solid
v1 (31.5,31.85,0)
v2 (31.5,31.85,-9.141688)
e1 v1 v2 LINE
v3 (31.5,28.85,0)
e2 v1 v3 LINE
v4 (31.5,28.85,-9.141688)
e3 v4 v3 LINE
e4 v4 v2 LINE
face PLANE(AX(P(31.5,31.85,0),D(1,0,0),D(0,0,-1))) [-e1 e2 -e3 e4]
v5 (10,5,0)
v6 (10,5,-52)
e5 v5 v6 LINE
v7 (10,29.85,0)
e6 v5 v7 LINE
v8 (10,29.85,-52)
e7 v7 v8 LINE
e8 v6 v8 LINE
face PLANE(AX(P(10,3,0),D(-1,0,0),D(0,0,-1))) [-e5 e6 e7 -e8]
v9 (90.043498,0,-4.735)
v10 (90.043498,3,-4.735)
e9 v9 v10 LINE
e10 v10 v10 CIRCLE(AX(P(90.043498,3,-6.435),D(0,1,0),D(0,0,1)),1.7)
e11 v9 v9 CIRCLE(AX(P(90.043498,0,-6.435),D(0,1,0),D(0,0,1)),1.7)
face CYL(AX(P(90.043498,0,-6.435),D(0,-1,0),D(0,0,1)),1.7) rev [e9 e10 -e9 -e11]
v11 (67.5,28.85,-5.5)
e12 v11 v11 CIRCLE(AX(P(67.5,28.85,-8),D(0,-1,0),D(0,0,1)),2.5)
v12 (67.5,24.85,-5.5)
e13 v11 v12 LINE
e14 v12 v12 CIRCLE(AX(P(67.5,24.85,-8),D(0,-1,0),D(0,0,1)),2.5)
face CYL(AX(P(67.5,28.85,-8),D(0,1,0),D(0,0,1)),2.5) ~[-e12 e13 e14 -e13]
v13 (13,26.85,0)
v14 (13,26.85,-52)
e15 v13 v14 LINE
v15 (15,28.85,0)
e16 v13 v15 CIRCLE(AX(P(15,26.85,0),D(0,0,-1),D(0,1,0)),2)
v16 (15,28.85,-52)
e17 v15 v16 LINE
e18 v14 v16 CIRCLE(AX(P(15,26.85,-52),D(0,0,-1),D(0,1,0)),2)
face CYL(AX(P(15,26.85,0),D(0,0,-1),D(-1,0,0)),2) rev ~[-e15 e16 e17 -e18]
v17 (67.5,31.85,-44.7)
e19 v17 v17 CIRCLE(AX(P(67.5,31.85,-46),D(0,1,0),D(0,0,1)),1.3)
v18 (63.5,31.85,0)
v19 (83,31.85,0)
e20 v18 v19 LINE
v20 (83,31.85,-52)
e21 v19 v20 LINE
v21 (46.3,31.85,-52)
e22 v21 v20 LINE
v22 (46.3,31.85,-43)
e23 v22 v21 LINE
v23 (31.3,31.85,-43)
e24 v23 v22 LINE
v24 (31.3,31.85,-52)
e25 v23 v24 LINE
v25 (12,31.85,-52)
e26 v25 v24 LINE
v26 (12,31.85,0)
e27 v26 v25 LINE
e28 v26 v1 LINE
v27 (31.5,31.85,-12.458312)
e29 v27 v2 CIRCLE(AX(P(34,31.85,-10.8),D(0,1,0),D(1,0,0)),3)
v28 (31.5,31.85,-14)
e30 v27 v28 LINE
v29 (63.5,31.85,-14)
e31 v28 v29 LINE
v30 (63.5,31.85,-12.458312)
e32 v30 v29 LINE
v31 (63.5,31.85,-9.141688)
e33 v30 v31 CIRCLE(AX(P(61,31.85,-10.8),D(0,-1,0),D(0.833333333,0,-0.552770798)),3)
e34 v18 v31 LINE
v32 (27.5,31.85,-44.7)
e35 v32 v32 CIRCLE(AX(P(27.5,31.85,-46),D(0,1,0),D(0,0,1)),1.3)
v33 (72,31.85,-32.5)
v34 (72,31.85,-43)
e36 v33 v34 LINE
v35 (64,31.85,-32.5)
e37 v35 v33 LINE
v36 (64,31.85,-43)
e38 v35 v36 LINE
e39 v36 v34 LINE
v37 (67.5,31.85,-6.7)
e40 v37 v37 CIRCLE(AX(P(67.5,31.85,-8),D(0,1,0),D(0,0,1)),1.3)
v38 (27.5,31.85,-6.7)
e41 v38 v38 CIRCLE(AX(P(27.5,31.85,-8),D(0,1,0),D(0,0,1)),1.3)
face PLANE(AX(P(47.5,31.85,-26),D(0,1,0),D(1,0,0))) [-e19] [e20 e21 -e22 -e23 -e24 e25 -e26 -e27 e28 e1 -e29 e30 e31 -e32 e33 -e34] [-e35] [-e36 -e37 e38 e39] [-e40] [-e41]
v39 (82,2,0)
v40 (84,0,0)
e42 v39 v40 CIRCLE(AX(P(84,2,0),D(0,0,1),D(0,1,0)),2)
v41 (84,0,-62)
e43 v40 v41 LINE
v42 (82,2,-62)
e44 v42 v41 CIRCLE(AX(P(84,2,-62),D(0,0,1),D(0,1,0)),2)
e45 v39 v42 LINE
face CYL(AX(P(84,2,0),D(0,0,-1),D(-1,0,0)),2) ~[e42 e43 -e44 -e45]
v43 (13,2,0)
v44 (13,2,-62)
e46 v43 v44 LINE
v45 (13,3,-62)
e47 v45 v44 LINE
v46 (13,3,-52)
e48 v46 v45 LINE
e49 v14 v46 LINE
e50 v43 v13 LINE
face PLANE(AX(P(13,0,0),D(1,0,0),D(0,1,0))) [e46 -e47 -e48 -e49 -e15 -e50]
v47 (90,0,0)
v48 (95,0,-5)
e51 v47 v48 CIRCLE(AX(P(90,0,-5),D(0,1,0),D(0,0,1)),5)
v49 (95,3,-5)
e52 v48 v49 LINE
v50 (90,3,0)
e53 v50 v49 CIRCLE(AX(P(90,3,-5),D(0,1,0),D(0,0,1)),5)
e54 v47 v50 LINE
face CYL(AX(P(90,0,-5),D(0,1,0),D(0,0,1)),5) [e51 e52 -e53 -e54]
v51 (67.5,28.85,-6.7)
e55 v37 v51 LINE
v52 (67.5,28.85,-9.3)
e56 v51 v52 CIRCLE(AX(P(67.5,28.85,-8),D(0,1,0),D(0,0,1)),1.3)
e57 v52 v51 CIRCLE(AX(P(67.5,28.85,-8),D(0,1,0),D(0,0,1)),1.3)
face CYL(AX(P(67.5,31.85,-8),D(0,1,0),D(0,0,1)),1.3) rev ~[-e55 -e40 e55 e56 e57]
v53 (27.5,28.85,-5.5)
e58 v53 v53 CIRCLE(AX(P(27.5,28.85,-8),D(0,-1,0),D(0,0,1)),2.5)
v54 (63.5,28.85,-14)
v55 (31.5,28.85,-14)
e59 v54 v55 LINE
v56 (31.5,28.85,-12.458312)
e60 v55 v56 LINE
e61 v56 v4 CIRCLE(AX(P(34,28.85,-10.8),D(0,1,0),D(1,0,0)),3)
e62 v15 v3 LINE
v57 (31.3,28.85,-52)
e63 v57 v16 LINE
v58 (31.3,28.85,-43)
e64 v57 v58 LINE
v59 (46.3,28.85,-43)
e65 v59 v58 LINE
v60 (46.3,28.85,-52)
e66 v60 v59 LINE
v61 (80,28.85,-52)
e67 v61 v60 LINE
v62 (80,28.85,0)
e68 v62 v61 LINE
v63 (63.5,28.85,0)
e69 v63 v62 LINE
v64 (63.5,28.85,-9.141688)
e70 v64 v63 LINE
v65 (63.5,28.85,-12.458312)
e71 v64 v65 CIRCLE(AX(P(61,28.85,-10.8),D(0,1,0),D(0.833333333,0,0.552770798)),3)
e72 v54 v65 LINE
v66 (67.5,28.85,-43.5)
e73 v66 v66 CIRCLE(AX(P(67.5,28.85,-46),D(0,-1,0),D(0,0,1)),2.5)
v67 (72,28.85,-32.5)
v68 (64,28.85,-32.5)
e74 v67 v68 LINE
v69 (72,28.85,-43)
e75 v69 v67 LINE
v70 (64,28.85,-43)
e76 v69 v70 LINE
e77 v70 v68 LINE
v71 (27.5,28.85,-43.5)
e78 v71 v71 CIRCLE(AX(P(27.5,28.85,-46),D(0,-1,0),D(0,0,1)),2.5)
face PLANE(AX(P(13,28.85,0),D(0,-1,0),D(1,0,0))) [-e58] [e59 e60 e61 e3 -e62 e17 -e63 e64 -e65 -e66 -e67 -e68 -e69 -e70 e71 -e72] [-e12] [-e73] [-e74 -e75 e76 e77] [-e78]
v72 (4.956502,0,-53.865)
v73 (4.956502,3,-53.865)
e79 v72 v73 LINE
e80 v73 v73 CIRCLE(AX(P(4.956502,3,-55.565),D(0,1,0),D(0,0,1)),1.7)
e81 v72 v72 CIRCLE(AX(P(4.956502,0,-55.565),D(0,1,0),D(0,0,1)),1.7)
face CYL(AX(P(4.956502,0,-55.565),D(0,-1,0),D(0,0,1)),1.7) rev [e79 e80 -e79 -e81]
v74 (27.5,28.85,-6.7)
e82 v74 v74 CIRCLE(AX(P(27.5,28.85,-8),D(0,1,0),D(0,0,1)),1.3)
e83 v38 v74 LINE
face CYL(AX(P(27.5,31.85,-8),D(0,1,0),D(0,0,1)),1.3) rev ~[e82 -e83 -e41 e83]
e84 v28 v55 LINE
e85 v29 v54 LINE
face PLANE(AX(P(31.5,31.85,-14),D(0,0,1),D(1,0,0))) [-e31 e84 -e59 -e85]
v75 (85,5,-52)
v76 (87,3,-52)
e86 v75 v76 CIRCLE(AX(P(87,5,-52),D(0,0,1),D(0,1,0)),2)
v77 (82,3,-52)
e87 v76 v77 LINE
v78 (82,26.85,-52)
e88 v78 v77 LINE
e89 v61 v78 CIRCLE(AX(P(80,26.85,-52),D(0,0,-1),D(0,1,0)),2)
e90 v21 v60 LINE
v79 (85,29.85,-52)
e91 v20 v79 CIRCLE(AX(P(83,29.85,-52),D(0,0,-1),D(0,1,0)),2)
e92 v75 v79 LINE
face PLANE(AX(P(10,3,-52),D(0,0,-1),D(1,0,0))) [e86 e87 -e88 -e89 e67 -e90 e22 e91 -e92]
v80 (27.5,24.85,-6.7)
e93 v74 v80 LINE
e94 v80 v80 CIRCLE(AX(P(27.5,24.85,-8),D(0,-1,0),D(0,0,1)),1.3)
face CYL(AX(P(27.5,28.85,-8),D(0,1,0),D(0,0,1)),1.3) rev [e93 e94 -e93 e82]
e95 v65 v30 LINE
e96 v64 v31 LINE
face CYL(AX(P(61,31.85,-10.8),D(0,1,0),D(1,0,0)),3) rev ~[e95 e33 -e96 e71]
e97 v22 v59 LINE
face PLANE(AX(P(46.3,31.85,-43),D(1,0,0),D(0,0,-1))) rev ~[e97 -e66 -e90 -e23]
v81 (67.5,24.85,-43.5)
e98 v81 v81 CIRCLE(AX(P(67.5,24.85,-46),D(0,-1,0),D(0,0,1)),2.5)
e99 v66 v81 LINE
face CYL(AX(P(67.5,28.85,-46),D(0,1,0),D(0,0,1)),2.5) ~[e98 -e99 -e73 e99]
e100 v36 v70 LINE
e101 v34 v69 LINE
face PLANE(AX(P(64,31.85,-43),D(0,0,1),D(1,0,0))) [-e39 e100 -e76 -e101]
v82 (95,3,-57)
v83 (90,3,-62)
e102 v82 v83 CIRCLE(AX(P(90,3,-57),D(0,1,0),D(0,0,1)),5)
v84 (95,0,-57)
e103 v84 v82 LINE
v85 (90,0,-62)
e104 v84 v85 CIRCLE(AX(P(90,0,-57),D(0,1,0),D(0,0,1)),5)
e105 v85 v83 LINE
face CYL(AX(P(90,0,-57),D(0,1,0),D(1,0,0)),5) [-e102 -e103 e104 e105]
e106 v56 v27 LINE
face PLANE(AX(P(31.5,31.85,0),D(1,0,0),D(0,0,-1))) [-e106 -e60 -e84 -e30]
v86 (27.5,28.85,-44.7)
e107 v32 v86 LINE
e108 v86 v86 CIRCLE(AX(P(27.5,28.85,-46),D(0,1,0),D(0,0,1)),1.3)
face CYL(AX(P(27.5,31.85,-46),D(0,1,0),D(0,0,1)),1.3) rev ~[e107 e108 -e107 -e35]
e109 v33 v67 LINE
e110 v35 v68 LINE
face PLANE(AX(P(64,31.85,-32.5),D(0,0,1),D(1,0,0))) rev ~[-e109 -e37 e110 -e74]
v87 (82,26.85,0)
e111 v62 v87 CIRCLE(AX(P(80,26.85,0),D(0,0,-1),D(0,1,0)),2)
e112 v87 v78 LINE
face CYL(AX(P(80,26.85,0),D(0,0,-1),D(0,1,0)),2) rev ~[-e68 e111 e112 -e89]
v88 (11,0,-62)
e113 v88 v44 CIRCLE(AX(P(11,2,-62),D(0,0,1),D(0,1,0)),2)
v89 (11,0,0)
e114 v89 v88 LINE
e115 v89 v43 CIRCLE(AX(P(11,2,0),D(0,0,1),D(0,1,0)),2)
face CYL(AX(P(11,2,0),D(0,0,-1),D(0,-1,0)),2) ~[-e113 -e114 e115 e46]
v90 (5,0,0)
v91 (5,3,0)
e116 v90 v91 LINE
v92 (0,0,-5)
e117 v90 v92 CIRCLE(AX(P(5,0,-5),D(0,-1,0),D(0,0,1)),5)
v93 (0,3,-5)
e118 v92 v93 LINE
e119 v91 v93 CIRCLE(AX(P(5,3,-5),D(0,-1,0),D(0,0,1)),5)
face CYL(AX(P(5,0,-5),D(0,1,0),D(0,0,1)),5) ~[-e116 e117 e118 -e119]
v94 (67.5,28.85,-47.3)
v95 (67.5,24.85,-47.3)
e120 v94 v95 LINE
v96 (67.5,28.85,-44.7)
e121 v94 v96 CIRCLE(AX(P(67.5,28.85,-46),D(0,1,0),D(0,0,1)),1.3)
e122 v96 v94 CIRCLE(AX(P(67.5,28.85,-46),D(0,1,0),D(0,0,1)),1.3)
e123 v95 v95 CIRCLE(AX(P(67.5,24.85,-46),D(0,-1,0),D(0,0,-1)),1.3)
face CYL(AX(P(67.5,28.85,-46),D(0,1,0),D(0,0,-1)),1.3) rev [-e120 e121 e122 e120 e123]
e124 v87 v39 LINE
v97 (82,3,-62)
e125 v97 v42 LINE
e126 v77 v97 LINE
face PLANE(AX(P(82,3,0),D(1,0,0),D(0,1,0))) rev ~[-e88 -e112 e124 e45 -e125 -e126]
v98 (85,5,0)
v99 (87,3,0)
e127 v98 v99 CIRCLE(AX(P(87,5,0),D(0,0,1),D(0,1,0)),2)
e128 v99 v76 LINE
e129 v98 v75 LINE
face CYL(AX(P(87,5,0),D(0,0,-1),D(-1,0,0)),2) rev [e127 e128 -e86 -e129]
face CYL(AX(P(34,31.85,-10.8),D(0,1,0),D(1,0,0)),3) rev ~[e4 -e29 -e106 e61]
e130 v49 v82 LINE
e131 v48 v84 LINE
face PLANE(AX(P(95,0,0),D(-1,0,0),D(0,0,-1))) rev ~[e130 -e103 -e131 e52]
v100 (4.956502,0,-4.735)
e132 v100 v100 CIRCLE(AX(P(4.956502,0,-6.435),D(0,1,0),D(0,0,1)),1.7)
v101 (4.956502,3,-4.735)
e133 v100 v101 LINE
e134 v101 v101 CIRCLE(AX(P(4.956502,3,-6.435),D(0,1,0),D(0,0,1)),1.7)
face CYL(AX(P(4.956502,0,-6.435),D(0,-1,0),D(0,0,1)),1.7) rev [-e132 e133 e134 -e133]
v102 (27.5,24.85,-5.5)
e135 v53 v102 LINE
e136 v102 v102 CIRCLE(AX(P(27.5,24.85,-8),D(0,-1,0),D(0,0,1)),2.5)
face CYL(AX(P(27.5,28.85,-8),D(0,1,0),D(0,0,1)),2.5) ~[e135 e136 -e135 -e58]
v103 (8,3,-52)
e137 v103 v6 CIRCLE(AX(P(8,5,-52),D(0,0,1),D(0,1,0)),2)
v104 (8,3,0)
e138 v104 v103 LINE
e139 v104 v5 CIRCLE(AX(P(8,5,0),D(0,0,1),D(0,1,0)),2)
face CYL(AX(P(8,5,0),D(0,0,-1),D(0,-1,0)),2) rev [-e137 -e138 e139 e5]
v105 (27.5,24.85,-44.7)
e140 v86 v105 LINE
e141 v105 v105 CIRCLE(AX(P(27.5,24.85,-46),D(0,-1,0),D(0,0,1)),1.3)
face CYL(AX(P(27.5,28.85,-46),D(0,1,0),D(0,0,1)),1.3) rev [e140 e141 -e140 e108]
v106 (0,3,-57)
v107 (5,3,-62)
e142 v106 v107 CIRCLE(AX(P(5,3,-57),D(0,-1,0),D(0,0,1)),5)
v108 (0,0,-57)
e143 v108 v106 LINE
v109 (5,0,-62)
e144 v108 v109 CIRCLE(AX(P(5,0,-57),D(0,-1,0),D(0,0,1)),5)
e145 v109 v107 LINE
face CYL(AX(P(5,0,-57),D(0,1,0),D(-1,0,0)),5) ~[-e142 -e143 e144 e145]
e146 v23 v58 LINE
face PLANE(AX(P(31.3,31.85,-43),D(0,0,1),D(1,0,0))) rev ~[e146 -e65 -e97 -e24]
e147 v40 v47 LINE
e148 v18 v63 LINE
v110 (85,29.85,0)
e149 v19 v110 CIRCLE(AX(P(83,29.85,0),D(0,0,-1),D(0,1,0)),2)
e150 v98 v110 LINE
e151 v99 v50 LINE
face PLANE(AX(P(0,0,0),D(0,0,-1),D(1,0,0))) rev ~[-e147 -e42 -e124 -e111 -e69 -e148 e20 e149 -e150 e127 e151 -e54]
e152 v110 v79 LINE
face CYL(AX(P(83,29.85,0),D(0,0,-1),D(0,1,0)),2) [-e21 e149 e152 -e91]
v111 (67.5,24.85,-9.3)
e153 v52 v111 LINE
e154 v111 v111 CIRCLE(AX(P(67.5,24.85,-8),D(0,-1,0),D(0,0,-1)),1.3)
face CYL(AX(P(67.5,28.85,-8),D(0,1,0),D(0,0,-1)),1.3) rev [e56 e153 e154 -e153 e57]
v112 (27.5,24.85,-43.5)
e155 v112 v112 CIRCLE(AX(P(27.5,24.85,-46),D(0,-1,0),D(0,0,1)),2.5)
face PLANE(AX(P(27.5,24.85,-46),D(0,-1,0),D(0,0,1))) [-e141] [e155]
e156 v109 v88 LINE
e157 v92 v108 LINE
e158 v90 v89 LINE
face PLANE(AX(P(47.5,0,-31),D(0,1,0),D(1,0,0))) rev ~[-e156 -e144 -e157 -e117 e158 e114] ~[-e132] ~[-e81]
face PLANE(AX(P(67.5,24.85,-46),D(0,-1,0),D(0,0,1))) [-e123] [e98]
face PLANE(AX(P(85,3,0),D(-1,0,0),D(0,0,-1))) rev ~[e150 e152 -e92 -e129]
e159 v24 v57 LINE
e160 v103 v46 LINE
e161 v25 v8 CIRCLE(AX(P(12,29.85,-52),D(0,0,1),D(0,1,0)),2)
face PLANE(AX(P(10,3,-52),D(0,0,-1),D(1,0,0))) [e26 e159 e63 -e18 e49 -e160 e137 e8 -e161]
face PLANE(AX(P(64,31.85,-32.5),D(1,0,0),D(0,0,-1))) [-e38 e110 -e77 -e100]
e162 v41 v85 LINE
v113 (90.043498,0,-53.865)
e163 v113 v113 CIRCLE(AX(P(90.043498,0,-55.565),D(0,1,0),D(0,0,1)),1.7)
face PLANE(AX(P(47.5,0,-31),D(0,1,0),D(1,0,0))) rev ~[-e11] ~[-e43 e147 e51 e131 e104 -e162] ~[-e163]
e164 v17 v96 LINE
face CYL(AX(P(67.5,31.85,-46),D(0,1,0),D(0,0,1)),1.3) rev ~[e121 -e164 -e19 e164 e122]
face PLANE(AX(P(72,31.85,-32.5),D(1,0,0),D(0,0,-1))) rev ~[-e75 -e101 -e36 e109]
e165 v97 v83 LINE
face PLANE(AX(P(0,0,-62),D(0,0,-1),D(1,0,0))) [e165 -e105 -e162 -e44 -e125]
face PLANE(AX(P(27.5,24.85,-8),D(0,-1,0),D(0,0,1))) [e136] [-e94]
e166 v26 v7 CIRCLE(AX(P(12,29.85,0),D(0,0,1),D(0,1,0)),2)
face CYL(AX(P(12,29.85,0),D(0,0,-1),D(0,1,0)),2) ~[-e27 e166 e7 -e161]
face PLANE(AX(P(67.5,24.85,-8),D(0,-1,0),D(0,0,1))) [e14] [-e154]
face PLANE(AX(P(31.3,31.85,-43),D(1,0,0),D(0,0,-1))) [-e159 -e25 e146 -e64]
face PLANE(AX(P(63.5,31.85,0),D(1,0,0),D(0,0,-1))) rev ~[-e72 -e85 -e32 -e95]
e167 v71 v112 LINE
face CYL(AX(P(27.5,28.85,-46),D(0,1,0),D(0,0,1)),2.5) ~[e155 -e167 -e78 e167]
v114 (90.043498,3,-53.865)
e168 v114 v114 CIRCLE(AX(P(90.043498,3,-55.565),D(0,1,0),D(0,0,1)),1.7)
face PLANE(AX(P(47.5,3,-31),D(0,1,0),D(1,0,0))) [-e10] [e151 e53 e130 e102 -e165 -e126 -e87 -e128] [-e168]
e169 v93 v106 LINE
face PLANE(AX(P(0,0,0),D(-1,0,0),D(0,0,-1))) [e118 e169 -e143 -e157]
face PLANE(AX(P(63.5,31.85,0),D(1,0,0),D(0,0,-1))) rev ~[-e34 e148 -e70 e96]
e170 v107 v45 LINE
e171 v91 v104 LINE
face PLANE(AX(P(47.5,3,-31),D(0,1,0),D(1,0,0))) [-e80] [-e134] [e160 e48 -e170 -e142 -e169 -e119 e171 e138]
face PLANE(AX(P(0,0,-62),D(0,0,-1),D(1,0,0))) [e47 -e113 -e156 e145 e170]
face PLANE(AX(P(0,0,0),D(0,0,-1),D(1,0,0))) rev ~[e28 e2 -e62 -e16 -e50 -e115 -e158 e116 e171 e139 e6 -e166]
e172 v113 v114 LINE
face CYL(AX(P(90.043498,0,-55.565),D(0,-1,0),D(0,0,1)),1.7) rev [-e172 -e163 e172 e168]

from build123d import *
from build123d.topology import SkipClean

# Parameters (mm, degrees)
SKETCH1_W           = 95
SKETCH1_H           = 62
SKETCH1_R           = 1.7
BOSS_EXTRUDE1_DEPTH = 3
SKETCH2_W           = 75
SKETCH2_H           = 52
BOSS_EXTRUDE2_DEPTH = 28.85
SKETCH3_W           = 69
SKETCH3_H           = 25.85
CUT_EXTRUDE1_DEPTH  = 118.827935991
SKETCH4_W           = 69
SKETCH4_H           = 3
CUT_EXTRUDE2_DEPTH  = 118.827935991
SKETCH5_R           = 1.3
SKETCH5_W           = 32
SKETCH5_H           = 14
CUT_EXTRUDE3_DEPTH  = 118.827935991
SKETCH7_R           = 3
CUT_EXTRUDE5_DEPTH  = 118.827935991
SKETCH6_W           = 15
SKETCH6_H           = 9
SKETCH6_W_2         = 8
SKETCH6_H_2         = 10.5
CUT_EXTRUDE4_DEPTH  = 118.827935991
FILLET1_R           = 2
SKETCH8_R           = 2.5
SKETCH8_R_2         = 1.3
BOSS_EXTRUDE4_DEPTH = 4
FILLET2_R           = 5


with BuildPart() as part:
    # Sketch1 → Boss-Extrude1 (new body)
    with BuildSketch(Plane(origin=(0, 0, 0), x_dir=(1, 0, 0), z_dir=(0, 1, 0))):
        with Locations((47.5, 31)):
            Rectangle(SKETCH1_W, SKETCH1_H)
        with Locations(Location((90.04349796, 55.565, 0), (0, 0, 270))):
            Circle(SKETCH1_R, mode=Mode.SUBTRACT)
        with Locations(Location((90.04349796, 6.435, 0), (0, 0, 270))):
            Circle(SKETCH1_R, mode=Mode.SUBTRACT)
        with Locations(Location((4.95650204, 55.565, 0), (0, 0, 270))):
            Circle(SKETCH1_R, mode=Mode.SUBTRACT)
        with Locations(Location((4.95650204, 6.435, 0), (0, 0, 270))):
            Circle(SKETCH1_R, mode=Mode.SUBTRACT)
    extrude(amount=BOSS_EXTRUDE1_DEPTH)

    # Sketch2 → Boss-Extrude2 (add)
    with BuildSketch(Plane(origin=(0, 3, 0), x_dir=(1, 0, 0), z_dir=(0, 1, 0))):
        with Locations((47.5, 26)):
            Rectangle(SKETCH2_W, SKETCH2_H)
    extrude(amount=BOSS_EXTRUDE2_DEPTH)

    # Sketch3 → Cut-Extrude1 (cut, through all)
    with BuildSketch(Plane.XY):
        with Locations((47.5, 15.925)):
            Rectangle(SKETCH3_W, SKETCH3_H)
    extrude(amount=-CUT_EXTRUDE1_DEPTH, mode=Mode.SUBTRACT)

    # Sketch4 → Cut-Extrude2 (cut, through all)
    with BuildSketch(Plane.XY):
        with Locations((47.5, 1.5)):
            Rectangle(SKETCH4_W, SKETCH4_H)
    extrude(amount=-CUT_EXTRUDE2_DEPTH, mode=Mode.SUBTRACT)

    # Sketch5 → Cut-Extrude3 (cut, through all)
    with BuildSketch(Plane(origin=(0, 31.85, 0), x_dir=(1, 0, 0), z_dir=(0, 1, 0))):
        with Locations(Location((27.5, 46, 0), (0, 0, 270))):
            Circle(SKETCH5_R)
        with Locations(Location((27.5, 8, 0), (0, 0, 270))):
            Circle(SKETCH5_R)
        with Locations(Location((67.5, 8, 0), (0, 0, 270))):
            Circle(SKETCH5_R)
        with Locations(Location((67.5, 46, 0), (0, 0, 270))):
            Circle(SKETCH5_R)
        with Locations((47.5, 7)):
            Rectangle(SKETCH5_W, SKETCH5_H)
    extrude(amount=-CUT_EXTRUDE3_DEPTH, mode=Mode.SUBTRACT)

    # Sketch7 → Cut-Extrude5 (cut, through all)
    with BuildSketch(Plane(origin=(0, 31.85, 0), x_dir=(1, 0, 0), z_dir=(0, 1, 0))):
        with Locations((34, 10.8)):
            Circle(SKETCH7_R)
        with Locations((61, 10.8)):
            Circle(SKETCH7_R)
    extrude(amount=-CUT_EXTRUDE5_DEPTH, mode=Mode.SUBTRACT)

    # Sketch6 → Cut-Extrude4 (cut, through all)
    with BuildSketch(Plane(origin=(0, 31.85, 0), x_dir=(1, 0, 0), z_dir=(0, 1, 0))):
        with Locations((38.8, 47.5)):
            Rectangle(SKETCH6_W, SKETCH6_H)
        with Locations((68, 37.75)):
            Rectangle(SKETCH6_W_2, SKETCH6_H_2)
    extrude(amount=-CUT_EXTRUDE4_DEPTH, mode=Mode.SUBTRACT)

    # Fillet1
    fillet1_edges = [part.edges().sort_by_distance(p)[0] for p in [
        (10, 3, -26),
        (85, 3, -26),
        (10, 31.85, -26),
        (85, 31.85, -26),
        (13, 28.85, -26),
        (82, 28.85, -26),
        (13, 0, -31),
        (82, 0, -31),
    ]]
    fillet(fillet1_edges, radius=FILLET1_R)

    # Sketch8 → Boss-Extrude4 (add)
    # profile 1 of 4: a face of its own
    with SkipClean():  # the faces are left unmerged after this step: merging them gives an invalid solid
        with BuildSketch(Plane.XZ.offset(-28.85)):
            with Locations(Location((27.5, -8, 0), (0, 0, 90))):
                Circle(SKETCH8_R)
            with Locations(Location((27.5, -8, 0), (0, 0, 90))):
                Circle(SKETCH8_R_2, mode=Mode.SUBTRACT)
        # profile 2 of 4: a face of its own
        with BuildSketch(Plane.XZ.offset(-28.85)):
            with Locations(Location((67.5, -8, 0), (0, 0, 90))):
                Circle(SKETCH8_R)
            with Locations(Location((67.5, -8, 0), (0, 0, 270))):
                Circle(SKETCH8_R_2, mode=Mode.SUBTRACT)
        # profile 3 of 4: a face of its own
        with BuildSketch(Plane.XZ.offset(-28.85)):
            with Locations(Location((27.5, -46, 0), (0, 0, 90))):
                Circle(SKETCH8_R)
            with Locations(Location((27.5, -46, 0), (0, 0, 90))):
                Circle(SKETCH8_R_2, mode=Mode.SUBTRACT)
        # profile 4 of 4: a face of its own
        with BuildSketch(Plane.XZ.offset(-28.85)):
            with Locations(Location((67.5, -46, 0), (0, 0, 90))):
                Circle(SKETCH8_R)
            with Locations(Location((67.5, -46, 0), (0, 0, 270))):
                Circle(SKETCH8_R_2, mode=Mode.SUBTRACT)
        extrude(amount=BOSS_EXTRUDE4_DEPTH)

    # Fillet2
    fillet2_edges = [part.edges().sort_by_distance(p)[0] for p in [
        (0, 1.5, -62),
        (95, 1.5, -62),
        (95, 1.5, 0),
        (0, 1.5, 0),
    ]]
    fillet(fillet2_edges, radius=FILLET2_R)


solid = part.part
